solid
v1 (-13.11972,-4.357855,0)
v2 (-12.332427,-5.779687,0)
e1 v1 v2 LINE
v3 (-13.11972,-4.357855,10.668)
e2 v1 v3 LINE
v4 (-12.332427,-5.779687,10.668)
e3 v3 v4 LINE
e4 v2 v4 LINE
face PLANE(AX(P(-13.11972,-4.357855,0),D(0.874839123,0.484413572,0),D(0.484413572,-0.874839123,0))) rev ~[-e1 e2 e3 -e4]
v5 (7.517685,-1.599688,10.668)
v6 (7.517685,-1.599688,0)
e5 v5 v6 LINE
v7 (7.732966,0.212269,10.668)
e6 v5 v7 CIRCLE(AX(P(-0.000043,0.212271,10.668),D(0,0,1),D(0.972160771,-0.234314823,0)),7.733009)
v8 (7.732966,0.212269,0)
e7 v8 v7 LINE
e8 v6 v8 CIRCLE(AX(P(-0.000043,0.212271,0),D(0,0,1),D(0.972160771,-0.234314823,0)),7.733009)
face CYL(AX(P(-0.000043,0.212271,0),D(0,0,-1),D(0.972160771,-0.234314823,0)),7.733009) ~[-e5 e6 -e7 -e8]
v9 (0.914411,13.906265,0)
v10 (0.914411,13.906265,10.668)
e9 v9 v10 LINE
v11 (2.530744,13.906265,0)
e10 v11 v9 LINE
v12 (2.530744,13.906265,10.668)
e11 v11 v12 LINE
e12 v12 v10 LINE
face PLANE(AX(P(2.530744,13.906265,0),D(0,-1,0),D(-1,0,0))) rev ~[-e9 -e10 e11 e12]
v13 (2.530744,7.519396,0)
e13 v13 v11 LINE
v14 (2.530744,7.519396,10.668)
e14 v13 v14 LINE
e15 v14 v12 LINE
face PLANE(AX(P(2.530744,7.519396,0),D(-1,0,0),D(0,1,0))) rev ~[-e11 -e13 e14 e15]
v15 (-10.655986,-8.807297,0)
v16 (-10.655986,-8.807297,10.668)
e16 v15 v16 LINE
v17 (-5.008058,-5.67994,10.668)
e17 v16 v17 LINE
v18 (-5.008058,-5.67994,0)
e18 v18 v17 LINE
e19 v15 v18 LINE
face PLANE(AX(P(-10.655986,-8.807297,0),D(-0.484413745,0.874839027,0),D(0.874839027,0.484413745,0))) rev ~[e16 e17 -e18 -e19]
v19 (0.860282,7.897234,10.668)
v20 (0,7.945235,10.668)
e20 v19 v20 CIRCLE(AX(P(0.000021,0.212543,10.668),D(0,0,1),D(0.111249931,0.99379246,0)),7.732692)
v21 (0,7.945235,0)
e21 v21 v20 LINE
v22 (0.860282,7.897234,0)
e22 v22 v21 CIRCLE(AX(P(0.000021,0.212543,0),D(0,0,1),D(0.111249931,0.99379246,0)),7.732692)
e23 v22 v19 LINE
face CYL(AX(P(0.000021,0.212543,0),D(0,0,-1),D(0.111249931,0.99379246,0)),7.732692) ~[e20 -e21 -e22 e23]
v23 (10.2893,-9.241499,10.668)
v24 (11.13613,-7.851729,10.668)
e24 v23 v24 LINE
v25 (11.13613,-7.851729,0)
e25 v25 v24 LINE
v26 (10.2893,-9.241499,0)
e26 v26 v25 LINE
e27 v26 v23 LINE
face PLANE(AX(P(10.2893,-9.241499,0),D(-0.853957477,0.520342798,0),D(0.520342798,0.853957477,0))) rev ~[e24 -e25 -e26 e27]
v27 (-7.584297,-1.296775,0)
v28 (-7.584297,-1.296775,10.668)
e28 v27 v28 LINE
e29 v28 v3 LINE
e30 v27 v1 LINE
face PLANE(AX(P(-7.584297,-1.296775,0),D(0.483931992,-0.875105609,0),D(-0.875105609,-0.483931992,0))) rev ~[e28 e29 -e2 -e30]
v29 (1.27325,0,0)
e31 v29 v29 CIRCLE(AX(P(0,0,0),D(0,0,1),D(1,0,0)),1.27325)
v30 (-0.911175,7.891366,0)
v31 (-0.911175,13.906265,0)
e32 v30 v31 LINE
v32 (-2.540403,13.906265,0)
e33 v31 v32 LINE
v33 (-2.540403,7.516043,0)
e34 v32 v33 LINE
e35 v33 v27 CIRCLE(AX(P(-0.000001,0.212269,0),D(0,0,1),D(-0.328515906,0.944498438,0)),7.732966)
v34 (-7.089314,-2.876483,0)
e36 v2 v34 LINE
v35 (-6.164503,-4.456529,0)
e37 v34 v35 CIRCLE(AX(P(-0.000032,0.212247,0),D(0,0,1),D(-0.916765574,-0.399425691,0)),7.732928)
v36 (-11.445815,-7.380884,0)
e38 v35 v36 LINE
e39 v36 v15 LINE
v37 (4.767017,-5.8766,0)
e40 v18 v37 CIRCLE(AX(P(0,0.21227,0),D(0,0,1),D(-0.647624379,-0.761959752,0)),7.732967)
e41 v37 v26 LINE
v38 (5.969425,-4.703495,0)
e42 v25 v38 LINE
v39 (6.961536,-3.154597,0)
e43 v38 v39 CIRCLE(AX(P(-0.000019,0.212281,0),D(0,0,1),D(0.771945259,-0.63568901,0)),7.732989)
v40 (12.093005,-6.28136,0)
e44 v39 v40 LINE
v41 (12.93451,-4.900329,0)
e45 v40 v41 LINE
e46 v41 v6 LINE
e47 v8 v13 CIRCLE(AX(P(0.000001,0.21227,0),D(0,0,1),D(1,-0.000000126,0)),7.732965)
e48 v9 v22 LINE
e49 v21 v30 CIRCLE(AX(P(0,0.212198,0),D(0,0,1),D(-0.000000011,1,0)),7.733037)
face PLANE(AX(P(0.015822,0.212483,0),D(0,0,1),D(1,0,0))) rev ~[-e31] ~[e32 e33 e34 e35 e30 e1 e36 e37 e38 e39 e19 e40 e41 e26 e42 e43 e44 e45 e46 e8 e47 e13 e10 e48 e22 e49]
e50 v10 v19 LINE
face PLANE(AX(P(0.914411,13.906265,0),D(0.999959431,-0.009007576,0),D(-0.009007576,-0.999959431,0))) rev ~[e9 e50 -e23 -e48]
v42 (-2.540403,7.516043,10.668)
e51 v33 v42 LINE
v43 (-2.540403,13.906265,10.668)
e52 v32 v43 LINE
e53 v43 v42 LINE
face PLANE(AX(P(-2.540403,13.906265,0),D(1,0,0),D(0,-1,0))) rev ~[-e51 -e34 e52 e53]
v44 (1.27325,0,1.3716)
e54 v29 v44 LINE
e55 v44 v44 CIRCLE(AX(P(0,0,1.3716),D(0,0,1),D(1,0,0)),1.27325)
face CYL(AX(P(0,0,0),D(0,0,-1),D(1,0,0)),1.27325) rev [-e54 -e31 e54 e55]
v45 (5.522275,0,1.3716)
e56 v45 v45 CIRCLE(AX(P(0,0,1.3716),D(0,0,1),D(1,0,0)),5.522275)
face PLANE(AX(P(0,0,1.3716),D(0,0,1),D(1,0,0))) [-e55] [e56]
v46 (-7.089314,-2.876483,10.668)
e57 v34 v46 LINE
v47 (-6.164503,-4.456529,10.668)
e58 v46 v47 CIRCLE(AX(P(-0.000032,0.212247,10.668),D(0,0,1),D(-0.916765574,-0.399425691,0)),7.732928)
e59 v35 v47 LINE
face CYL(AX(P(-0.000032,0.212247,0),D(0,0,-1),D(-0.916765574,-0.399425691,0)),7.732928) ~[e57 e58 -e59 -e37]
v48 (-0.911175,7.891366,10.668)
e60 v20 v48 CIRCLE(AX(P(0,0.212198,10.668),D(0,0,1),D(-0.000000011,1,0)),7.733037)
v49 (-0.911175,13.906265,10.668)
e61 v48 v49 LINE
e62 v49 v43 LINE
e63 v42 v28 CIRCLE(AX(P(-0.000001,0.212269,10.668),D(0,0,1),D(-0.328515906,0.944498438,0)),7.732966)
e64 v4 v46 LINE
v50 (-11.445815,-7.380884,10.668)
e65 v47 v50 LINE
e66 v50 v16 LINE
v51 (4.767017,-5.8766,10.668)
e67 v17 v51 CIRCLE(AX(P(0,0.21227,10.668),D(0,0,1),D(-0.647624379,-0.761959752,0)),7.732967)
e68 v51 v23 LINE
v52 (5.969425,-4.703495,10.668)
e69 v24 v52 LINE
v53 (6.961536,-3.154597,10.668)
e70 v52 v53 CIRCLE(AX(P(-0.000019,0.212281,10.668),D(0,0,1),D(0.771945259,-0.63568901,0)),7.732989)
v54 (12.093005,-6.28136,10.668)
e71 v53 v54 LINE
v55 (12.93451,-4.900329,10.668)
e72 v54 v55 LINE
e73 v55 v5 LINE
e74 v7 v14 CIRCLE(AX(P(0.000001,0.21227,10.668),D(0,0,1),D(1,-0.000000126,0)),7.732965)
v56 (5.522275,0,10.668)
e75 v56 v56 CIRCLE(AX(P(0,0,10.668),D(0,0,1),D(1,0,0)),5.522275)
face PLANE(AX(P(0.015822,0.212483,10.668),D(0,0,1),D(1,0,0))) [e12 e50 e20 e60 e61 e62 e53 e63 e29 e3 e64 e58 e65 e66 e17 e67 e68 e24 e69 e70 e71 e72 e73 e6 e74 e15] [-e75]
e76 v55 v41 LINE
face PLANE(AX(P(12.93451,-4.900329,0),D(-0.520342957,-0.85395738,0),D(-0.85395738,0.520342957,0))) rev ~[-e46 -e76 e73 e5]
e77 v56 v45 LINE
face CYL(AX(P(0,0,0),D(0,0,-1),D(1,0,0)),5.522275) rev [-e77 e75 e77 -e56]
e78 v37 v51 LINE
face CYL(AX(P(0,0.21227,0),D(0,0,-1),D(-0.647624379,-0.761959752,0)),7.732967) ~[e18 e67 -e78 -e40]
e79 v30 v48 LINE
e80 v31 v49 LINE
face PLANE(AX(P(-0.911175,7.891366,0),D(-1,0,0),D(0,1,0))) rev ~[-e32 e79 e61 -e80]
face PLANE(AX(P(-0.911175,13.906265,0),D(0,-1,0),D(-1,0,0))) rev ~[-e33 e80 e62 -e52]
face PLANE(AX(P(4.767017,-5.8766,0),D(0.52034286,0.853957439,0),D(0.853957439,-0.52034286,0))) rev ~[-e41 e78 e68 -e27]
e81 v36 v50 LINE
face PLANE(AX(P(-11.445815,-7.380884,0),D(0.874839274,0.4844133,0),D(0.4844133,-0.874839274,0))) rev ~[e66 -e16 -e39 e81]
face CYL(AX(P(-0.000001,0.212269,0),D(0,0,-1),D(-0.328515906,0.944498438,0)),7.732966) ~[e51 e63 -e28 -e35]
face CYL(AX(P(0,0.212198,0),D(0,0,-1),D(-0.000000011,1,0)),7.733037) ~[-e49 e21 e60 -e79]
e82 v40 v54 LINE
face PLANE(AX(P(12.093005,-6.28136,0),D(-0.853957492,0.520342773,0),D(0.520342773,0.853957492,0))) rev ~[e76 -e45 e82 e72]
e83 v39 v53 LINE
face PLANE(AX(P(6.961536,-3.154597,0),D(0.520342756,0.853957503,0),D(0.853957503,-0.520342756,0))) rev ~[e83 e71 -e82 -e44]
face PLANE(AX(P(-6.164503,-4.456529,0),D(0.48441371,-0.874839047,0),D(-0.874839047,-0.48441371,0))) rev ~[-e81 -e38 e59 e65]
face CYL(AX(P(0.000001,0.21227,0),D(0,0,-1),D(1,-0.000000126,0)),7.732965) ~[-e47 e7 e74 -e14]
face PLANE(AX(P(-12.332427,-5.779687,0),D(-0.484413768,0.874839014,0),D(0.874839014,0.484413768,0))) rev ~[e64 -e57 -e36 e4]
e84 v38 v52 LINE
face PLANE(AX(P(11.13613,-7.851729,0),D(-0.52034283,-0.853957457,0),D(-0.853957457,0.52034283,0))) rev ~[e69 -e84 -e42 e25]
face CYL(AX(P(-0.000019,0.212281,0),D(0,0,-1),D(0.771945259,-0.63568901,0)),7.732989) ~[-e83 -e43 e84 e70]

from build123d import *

# Parameters (mm, degrees)
F0_R     = 5.522275
F0_R_2   = 1.27325
F1_DEPTH = 1.3716
F2_DEPTH = 7.6962
F3_DEPTH = 9.652
F4_DEPTH = 10.668


with BuildPart() as f1:
    # F0 (on Top) → F1 (new body)
    with BuildSketch(Plane.XY):
        Circle(F0_R)
        Circle(F0_R_2, mode=Mode.SUBTRACT)
    extrude(amount=F1_DEPTH)

    # F0 (on Top) → F2 (join)
    with BuildSketch(Plane.XY):
        with BuildLine():
            ThreePointArc((7.517685, -1.599688), (7.678957, -0.700082), (7.732966, 0.212269))
            ThreePointArc((7.732966, 0.212269), (6.299561, 4.697166), (2.530744, 7.519396))
            ThreePointArc((2.530744, 7.519396), (1.706006, 7.754703), (0.860282, 7.897234))
            ThreePointArc((0.860282, 7.897234), (0.43081, 7.933226), (0, 7.945235))
            ThreePointArc((0, 7.945235), (-0.456383, 7.931756), (-0.911175, 7.891366))
            ThreePointArc((-0.911175, 7.891366), (-0.921549, 7.890128), (-0.93192, 7.888876))
            ThreePointArc((-0.93192, 7.888876), (-1.746141, 7.745513), (-2.540403, 7.516043))
            ThreePointArc((-2.540403, 7.516043), (-6.71147, 4.053485), (-7.584297, -1.296775))
            ThreePointArc((-7.584297, -1.296775), (-7.3792, -2.099913), (-7.089314, -2.876483))
            ThreePointArc((-7.089314, -2.876483), (-6.673834, -3.693971), (-6.164503, -4.456529))
            ThreePointArc((-6.164503, -4.456529), (-5.619672, -5.099798), (-5.008058, -5.67994))
            ThreePointArc((-5.008058, -5.67994), (-0.155544, -7.519133), (4.767017, -5.8766))
            ThreePointArc((4.767017, -5.8766), (5.40017, -5.322795), (5.969425, -4.703495))
            ThreePointArc((5.969425, -4.703495), (6.511698, -3.958649), (6.961536, -3.154597))
            ThreePointArc((6.961536, -3.154597), (7.281236, -2.392031), (7.517685, -1.599688))
        make_face()
        Circle(F0_R, mode=Mode.SUBTRACT)
    extrude(amount=F2_DEPTH)

    # F0 (on Top) → F3 (join)
    with BuildSketch(Plane.XY):
        with BuildLine():
            ThreePointArc((7.517685, -1.599688), (7.678957, -0.700082), (7.732966, 0.212269))
            ThreePointArc((7.732966, 0.212269), (6.299561, 4.697166), (2.530744, 7.519396))
            ThreePointArc((2.530744, 7.519396), (1.706006, 7.754703), (0.860282, 7.897234))
            ThreePointArc((0.860282, 7.897234), (0.43081, 7.933226), (0, 7.945235))
            ThreePointArc((0, 7.945235), (-0.456383, 7.931756), (-0.911175, 7.891366))
            ThreePointArc((-0.911175, 7.891366), (-0.921549, 7.890128), (-0.93192, 7.888876))
            ThreePointArc((-0.93192, 7.888876), (-1.746141, 7.745513), (-2.540403, 7.516043))
            ThreePointArc((-2.540403, 7.516043), (-6.71147, 4.053485), (-7.584297, -1.296775))
            ThreePointArc((-7.584297, -1.296775), (-7.3792, -2.099913), (-7.089314, -2.876483))
            ThreePointArc((-7.089314, -2.876483), (-6.673834, -3.693971), (-6.164503, -4.456529))
            ThreePointArc((-6.164503, -4.456529), (-5.619672, -5.099798), (-5.008058, -5.67994))
            ThreePointArc((-5.008058, -5.67994), (-0.155544, -7.519133), (4.767017, -5.8766))
            ThreePointArc((4.767017, -5.8766), (5.40017, -5.322795), (5.969425, -4.703495))
            ThreePointArc((5.969425, -4.703495), (6.511698, -3.958649), (6.961536, -3.154597))
            ThreePointArc((6.961536, -3.154597), (7.281236, -2.392031), (7.517685, -1.599688))
        make_face()
        Circle(F0_R, mode=Mode.SUBTRACT)
        with BuildLine():
            ThreePointArc((0.860282, 7.897234), (1.706006, 7.754703), (2.530744, 7.519396))
            Line((2.530744, 7.519396), (2.530744, 13.906265))
            Line((2.530744, 13.906265), (0.914411, 13.906265))
            Line((0.914411, 13.906265), (0.860282, 7.897234))
        make_face()
        with BuildLine():
            Line((12.93451, -4.900329), (7.517685, -1.599688))
            ThreePointArc((7.517685, -1.599688), (7.281236, -2.392031), (6.961536, -3.154597))
            Line((6.961536, -3.154597), (12.093005, -6.28136))
            Line((12.093005, -6.28136), (12.93451, -4.900329))
        make_face()
        with BuildLine():
            Line((11.13613, -7.851729), (5.969425, -4.703495))
            ThreePointArc((5.969425, -4.703495), (5.40017, -5.322795), (4.767017, -5.8766))
            Line((4.767017, -5.8766), (10.2893, -9.241499))
            Line((10.2893, -9.241499), (11.13613, -7.851729))
        make_face()
        with BuildLine():
            ThreePointArc((-0.93192, 7.888876), (-0.921549, 7.890128), (-0.911175, 7.891366))
            Line((-0.911175, 7.891366), (-0.911175, 13.906265))
            Line((-0.911175, 13.906265), (-2.540403, 13.906265))
            Line((-2.540403, 13.906265), (-2.540403, 7.516043))
            ThreePointArc((-2.540403, 7.516043), (-1.746141, 7.745513), (-0.93192, 7.888876))
        make_face()
        with BuildLine():
            Line((-10.655986, -8.807297), (-5.008058, -5.67994))
            ThreePointArc((-5.008058, -5.67994), (-5.619672, -5.099798), (-6.164503, -4.456529))
            Line((-6.164503, -4.456529), (-11.445815, -7.380884))
            Line((-11.445815, -7.380884), (-10.655986, -8.807297))
        make_face()
        with BuildLine():
            ThreePointArc((-7.089314, -2.876483), (-7.3792, -2.099913), (-7.584297, -1.296775))
            Line((-7.584297, -1.296775), (-13.11972, -4.357855))
            Line((-13.11972, -4.357855), (-12.332427, -5.779687))
            Line((-12.332427, -5.779687), (-7.089314, -2.876483))
        make_face()
    extrude(amount=F3_DEPTH)

    # F0 (on Top) → F4 (join)
    with BuildSketch(Plane.XY):
        with BuildLine():
            ThreePointArc((7.517685, -1.599688), (7.678957, -0.700082), (7.732966, 0.212269))
            ThreePointArc((7.732966, 0.212269), (6.299561, 4.697166), (2.530744, 7.519396))
            ThreePointArc((2.530744, 7.519396), (1.706006, 7.754703), (0.860282, 7.897234))
            ThreePointArc((0.860282, 7.897234), (0.43081, 7.933226), (0, 7.945235))
            ThreePointArc((0, 7.945235), (-0.456383, 7.931756), (-0.911175, 7.891366))
            ThreePointArc((-0.911175, 7.891366), (-0.921549, 7.890128), (-0.93192, 7.888876))
            ThreePointArc((-0.93192, 7.888876), (-1.746141, 7.745513), (-2.540403, 7.516043))
            ThreePointArc((-2.540403, 7.516043), (-6.71147, 4.053485), (-7.584297, -1.296775))
            ThreePointArc((-7.584297, -1.296775), (-7.3792, -2.099913), (-7.089314, -2.876483))
            ThreePointArc((-7.089314, -2.876483), (-6.673834, -3.693971), (-6.164503, -4.456529))
            ThreePointArc((-6.164503, -4.456529), (-5.619672, -5.099798), (-5.008058, -5.67994))
            ThreePointArc((-5.008058, -5.67994), (-0.155544, -7.519133), (4.767017, -5.8766))
            ThreePointArc((4.767017, -5.8766), (5.40017, -5.322795), (5.969425, -4.703495))
            ThreePointArc((5.969425, -4.703495), (6.511698, -3.958649), (6.961536, -3.154597))
            ThreePointArc((6.961536, -3.154597), (7.281236, -2.392031), (7.517685, -1.599688))
        make_face()
        Circle(F0_R, mode=Mode.SUBTRACT)
        with BuildLine():
            ThreePointArc((0.860282, 7.897234), (1.706006, 7.754703), (2.530744, 7.519396))
            Line((2.530744, 7.519396), (2.530744, 13.906265))
            Line((2.530744, 13.906265), (0.914411, 13.906265))
            Line((0.914411, 13.906265), (0.860282, 7.897234))
        make_face()
        with BuildLine():
            Line((12.93451, -4.900329), (7.517685, -1.599688))
            ThreePointArc((7.517685, -1.599688), (7.281236, -2.392031), (6.961536, -3.154597))
            Line((6.961536, -3.154597), (12.093005, -6.28136))
            Line((12.093005, -6.28136), (12.93451, -4.900329))
        make_face()
        with BuildLine():
            Line((11.13613, -7.851729), (5.969425, -4.703495))
            ThreePointArc((5.969425, -4.703495), (5.40017, -5.322795), (4.767017, -5.8766))
            Line((4.767017, -5.8766), (10.2893, -9.241499))
            Line((10.2893, -9.241499), (11.13613, -7.851729))
        make_face()
        with BuildLine():
            ThreePointArc((-0.93192, 7.888876), (-0.921549, 7.890128), (-0.911175, 7.891366))
            Line((-0.911175, 7.891366), (-0.911175, 13.906265))
            Line((-0.911175, 13.906265), (-2.540403, 13.906265))
            Line((-2.540403, 13.906265), (-2.540403, 7.516043))
            ThreePointArc((-2.540403, 7.516043), (-1.746141, 7.745513), (-0.93192, 7.888876))
        make_face()
        with BuildLine():
            Line((-10.655986, -8.807297), (-5.008058, -5.67994))
            ThreePointArc((-5.008058, -5.67994), (-5.619672, -5.099798), (-6.164503, -4.456529))
            Line((-6.164503, -4.456529), (-11.445815, -7.380884))
            Line((-11.445815, -7.380884), (-10.655986, -8.807297))
        make_face()
        with BuildLine():
            ThreePointArc((-7.089314, -2.876483), (-7.3792, -2.099913), (-7.584297, -1.296775))
            Line((-7.584297, -1.296775), (-13.11972, -4.357855))
            Line((-13.11972, -4.357855), (-12.332427, -5.779687))
            Line((-12.332427, -5.779687), (-7.089314, -2.876483))
        make_face()
    extrude(amount=F4_DEPTH)


solid = f1.part
